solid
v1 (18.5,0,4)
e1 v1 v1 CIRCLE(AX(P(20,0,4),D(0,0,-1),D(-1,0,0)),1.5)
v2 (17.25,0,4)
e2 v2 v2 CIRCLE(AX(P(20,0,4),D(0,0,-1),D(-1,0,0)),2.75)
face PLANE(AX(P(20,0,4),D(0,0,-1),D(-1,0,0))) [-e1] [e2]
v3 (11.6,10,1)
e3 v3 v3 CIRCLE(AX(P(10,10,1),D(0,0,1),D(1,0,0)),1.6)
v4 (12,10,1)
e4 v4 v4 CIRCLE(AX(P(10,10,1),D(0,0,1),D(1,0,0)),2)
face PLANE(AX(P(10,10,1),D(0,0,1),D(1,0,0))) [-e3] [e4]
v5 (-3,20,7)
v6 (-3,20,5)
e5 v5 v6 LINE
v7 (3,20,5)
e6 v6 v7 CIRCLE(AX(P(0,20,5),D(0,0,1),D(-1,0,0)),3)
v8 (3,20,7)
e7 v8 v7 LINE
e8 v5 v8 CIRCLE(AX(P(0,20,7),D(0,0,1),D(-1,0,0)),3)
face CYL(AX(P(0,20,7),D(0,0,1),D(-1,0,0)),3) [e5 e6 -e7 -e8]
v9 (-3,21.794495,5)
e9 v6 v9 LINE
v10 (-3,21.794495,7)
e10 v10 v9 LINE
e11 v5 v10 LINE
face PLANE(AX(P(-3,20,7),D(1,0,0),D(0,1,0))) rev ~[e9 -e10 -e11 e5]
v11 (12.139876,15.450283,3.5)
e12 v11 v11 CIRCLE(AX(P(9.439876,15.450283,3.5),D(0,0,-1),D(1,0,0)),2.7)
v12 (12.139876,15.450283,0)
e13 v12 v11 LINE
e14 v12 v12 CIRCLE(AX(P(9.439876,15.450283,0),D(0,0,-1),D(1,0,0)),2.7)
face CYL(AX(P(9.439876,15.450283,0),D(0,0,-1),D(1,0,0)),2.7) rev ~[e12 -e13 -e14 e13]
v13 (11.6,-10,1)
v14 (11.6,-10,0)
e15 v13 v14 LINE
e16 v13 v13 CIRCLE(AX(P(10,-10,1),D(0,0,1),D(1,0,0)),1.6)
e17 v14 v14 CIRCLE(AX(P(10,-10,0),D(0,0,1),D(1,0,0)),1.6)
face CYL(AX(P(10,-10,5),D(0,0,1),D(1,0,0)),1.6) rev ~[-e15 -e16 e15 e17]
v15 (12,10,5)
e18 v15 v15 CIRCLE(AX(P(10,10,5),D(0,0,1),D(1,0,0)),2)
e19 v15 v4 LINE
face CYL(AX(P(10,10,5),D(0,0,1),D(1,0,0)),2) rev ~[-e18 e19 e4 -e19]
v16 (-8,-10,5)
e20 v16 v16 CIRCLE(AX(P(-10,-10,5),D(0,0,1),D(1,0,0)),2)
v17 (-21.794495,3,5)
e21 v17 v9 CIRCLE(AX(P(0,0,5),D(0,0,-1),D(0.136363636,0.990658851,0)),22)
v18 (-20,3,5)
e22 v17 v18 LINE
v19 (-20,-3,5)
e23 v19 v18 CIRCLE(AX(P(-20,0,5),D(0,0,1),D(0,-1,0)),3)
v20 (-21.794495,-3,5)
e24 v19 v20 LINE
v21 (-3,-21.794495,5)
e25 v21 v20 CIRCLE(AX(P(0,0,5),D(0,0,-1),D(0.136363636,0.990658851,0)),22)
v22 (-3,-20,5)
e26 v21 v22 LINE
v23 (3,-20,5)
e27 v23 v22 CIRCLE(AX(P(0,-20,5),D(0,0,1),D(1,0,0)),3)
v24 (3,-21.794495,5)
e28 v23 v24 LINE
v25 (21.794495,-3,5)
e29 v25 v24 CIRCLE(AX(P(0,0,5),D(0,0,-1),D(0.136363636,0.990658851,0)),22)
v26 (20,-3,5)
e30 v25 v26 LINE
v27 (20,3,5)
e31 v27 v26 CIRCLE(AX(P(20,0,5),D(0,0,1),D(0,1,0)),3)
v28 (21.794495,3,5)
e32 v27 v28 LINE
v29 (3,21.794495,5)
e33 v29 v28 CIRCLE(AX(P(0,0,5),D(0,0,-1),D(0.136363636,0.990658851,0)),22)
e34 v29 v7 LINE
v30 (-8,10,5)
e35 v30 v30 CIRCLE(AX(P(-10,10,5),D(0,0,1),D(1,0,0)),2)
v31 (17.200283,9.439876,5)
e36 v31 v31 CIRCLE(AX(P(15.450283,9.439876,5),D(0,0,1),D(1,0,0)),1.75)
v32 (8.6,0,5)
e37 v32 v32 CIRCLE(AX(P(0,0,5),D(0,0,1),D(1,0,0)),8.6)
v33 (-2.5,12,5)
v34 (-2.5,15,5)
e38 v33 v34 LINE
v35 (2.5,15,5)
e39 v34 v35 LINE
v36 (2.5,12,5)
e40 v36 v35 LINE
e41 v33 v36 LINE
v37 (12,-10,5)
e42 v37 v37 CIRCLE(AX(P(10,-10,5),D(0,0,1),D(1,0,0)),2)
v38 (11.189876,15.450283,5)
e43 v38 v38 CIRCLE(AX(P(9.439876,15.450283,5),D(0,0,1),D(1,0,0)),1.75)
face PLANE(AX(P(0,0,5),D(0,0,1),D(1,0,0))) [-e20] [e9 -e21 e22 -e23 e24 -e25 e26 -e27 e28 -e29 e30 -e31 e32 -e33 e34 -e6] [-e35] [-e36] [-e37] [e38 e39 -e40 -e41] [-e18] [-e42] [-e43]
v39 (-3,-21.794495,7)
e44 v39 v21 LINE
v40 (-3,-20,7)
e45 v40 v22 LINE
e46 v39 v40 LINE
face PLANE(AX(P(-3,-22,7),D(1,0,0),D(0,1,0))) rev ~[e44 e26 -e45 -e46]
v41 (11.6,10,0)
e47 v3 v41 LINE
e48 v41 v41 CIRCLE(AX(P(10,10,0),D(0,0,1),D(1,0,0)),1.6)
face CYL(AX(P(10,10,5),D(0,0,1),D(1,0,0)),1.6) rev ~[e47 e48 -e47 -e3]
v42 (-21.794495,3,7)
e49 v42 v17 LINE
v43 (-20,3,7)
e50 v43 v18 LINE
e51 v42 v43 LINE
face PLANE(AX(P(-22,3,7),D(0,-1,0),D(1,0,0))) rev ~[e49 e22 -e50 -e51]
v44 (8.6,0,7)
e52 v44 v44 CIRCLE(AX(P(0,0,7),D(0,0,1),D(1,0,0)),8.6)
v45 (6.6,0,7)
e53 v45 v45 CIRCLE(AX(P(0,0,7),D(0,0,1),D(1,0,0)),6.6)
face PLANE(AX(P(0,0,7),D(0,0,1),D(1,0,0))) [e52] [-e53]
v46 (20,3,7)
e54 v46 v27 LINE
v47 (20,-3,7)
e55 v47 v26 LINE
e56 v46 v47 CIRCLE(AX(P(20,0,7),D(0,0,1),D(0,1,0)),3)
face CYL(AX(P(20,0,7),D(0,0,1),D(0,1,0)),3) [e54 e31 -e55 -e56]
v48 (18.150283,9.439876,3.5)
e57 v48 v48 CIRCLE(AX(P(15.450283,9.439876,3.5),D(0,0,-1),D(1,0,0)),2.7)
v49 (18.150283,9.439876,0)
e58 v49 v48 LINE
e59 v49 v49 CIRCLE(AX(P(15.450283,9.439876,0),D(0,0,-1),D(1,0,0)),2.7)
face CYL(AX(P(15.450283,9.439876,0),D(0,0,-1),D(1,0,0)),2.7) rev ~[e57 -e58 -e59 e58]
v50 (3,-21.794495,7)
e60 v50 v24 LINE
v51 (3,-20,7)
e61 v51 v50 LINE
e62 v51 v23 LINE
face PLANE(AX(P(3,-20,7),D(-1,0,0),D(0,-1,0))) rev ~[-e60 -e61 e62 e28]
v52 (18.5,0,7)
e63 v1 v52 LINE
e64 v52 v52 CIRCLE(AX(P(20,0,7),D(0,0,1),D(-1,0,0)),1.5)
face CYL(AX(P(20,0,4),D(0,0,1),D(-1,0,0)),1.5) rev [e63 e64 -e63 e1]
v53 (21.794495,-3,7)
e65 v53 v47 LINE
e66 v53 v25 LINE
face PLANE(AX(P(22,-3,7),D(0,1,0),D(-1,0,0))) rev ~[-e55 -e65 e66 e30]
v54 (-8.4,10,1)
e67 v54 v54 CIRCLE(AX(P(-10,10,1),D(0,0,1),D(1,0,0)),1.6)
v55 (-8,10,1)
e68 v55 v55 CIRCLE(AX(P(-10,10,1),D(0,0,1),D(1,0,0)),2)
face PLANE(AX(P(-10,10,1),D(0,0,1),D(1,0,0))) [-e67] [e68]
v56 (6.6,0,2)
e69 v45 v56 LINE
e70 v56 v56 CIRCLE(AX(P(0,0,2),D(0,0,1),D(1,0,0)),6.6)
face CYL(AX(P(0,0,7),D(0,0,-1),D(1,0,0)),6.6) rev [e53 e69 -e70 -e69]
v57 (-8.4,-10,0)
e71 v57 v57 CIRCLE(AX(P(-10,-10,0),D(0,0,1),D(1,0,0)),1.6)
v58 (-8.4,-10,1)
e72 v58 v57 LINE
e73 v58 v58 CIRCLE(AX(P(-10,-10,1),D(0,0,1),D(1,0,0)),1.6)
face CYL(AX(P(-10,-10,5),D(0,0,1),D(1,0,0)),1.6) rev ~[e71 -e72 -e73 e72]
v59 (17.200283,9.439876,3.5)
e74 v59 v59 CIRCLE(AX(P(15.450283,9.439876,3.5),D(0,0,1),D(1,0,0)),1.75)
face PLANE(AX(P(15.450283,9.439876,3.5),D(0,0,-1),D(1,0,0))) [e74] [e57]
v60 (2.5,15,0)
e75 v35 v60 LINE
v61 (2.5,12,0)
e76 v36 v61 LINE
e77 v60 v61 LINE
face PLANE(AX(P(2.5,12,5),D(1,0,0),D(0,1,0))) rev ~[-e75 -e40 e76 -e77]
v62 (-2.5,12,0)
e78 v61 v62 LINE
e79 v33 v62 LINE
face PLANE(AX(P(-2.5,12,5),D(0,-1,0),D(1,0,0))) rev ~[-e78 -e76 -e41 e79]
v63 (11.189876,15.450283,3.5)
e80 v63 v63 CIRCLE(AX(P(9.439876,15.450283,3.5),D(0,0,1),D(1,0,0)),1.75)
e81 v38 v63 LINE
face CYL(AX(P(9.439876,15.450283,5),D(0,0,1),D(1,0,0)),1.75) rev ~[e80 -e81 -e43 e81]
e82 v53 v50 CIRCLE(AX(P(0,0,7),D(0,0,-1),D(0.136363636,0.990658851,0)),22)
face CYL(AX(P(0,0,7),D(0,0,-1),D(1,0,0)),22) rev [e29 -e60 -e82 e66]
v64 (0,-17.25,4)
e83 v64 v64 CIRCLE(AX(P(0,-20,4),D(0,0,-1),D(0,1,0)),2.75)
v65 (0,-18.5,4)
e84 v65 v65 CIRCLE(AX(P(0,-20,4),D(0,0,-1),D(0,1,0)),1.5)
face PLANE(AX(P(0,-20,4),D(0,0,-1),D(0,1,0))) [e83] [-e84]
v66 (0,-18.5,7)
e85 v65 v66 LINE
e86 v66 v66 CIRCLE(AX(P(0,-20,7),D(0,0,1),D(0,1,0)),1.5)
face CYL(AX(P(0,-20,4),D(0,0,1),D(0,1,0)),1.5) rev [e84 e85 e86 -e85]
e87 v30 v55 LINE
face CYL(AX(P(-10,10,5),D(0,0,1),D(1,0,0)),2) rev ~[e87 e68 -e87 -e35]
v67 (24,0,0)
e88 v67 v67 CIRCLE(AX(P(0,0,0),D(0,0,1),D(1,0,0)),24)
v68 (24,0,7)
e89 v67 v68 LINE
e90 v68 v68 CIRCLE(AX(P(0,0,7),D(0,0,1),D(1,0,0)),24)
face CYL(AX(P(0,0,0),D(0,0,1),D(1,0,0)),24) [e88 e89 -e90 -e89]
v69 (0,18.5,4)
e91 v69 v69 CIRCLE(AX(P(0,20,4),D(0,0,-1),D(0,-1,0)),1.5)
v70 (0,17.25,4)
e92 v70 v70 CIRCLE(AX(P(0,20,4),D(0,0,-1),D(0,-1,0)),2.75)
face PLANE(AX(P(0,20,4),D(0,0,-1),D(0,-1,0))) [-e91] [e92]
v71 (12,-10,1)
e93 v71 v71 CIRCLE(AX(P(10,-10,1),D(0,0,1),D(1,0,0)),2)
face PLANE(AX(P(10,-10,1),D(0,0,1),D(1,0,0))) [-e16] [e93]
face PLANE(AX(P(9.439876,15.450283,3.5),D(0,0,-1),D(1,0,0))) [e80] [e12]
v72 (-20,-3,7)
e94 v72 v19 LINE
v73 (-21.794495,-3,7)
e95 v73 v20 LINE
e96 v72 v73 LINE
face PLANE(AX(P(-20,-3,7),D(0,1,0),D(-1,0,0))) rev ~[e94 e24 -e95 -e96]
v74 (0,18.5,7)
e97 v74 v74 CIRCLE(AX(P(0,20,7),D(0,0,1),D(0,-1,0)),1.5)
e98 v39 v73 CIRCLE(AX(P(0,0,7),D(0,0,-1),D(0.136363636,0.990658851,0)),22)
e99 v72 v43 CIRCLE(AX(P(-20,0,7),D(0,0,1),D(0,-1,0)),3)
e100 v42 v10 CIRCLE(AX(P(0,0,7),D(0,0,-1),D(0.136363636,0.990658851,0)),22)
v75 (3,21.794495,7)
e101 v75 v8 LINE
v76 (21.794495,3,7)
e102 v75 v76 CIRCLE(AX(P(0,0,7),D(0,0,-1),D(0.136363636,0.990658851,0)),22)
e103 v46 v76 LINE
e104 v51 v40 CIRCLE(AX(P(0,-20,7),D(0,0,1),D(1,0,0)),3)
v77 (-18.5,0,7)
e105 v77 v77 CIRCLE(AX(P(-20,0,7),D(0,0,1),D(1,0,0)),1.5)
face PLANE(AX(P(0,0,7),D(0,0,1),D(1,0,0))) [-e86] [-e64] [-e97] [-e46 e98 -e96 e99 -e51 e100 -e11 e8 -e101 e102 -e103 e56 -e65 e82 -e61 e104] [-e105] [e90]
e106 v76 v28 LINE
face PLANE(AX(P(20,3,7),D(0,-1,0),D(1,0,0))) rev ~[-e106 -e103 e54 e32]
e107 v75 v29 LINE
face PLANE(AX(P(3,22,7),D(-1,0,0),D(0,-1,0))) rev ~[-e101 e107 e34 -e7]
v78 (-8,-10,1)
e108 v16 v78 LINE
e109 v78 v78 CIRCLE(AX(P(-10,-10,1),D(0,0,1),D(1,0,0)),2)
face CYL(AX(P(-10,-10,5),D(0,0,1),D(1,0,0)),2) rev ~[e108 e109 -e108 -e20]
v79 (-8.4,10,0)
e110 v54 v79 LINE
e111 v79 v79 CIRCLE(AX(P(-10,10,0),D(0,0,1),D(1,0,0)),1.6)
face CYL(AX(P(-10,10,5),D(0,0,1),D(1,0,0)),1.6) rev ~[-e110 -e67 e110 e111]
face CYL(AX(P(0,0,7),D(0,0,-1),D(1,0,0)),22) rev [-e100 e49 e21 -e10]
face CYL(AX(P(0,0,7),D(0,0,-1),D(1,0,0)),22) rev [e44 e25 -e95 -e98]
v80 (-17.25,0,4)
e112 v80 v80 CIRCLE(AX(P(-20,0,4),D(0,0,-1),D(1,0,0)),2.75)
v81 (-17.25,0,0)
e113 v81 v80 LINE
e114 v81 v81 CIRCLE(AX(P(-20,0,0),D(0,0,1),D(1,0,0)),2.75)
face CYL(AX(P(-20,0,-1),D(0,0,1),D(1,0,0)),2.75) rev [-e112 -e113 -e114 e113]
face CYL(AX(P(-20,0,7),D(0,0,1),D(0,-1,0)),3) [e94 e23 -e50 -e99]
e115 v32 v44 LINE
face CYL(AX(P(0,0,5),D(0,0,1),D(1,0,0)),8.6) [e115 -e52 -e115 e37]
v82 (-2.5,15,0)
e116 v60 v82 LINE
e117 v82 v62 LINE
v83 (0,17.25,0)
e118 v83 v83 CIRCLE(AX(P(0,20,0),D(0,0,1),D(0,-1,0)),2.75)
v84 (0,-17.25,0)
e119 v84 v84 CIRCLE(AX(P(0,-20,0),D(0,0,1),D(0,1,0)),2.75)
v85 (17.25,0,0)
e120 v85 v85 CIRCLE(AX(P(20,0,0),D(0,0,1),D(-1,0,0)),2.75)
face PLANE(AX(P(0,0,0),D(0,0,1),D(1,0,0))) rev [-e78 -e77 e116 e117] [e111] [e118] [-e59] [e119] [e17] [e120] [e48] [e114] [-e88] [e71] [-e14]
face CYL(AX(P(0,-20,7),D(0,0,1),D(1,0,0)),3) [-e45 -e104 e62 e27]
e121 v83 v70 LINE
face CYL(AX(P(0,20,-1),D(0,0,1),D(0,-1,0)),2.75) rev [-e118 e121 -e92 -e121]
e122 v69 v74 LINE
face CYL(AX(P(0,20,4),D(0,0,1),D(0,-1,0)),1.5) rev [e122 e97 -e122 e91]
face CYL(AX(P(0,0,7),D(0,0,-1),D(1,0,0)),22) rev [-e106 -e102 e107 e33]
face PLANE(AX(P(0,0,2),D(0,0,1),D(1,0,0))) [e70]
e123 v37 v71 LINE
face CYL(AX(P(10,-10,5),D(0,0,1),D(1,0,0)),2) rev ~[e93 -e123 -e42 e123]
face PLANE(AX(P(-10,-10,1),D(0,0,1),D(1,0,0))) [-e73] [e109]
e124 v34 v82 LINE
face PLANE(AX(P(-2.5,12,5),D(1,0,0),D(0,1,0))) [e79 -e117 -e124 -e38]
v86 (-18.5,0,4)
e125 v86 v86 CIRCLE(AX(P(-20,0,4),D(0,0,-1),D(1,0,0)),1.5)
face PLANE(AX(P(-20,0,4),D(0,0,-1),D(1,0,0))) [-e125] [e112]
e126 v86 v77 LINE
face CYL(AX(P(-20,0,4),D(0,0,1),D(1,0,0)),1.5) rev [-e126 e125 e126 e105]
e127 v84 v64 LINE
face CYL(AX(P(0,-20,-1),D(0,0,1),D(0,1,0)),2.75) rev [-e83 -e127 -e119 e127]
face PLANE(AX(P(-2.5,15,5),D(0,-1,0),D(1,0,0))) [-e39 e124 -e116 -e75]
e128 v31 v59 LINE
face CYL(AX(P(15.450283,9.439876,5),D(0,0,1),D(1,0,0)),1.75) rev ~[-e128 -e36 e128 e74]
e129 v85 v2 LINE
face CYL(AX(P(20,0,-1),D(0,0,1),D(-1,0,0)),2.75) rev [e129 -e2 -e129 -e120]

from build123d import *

# Parameters (mm, degrees)
REVOLVE_ONTO_SKETCH002_ROLL_ANGLE = 90
ARRAY_COUNT                       = 4
PAD_DEPTH                         = 2
POLARPATTERN_COUNT                = 4
SKETCH005_R                       = 1.6
POCKET_DEPTH                      = 5.001
SKETCH007_W                       = 5
SKETCH007_H                       = 3
POCKET001_DEPTH                   = 5.001
SKETCH008_R                       = 2
POCKET002_DEPTH                   = 4
SKETCH009_R                       = 1.75
POCKET003_DEPTH                   = 5.001
SKETCH010_R                       = 2.7
POCKET004_DEPTH                   = 3.5


with BuildPart() as array:
    # Sketch002 as drawn → Revolve (revolve)
    with BuildSketch(Plane.XY):
        Polygon((17.25, -1), (17.25, 4), (18.5, 4), (18.5, 8), (20, 8), (20, -1), align=None)
    revolve(axis=Axis((20, 8, 0), (0, -1, 0)))


with BuildPart() as array_1:
    # Revolve onto Sketch002 roll: moved
    add(array.part.rotate(Axis((0, 0, 0), (1, 0, 0)), REVOLVE_ONTO_SKETCH002_ROLL_ANGLE))


with BuildPart() as array_2:
    # Revolve onto Sketch002 placement: moved
    add(array_1.part)

    # Array: Array ×4 about axis
    array_axis = Axis((0, 0, 0), (0, 0, 1))


with BuildPart() as array_3:
    add(array_2.part)
    for i in range(1, ARRAY_COUNT):
        add(array_2.part.rotate(array_axis, i * 360 / ARRAY_COUNT))


with BuildPart() as pocket004:
    # Sketch → Revolution (revolve)
    with BuildSketch(Plane.XZ):
        Polygon((0, 0), (24, 0), (24, 7), (22, 7), (22, 5), (8.6, 5), (8.6, 7), (6.6, 7), (6.6, 2), (0, 2), align=None)
    revolve(axis=Axis((0, 0, 0), (0, 0, 1)))

    # Sketch004 → Pad (new body)
    with BuildSketch(Plane(origin=(0, 0, 7), x_dir=(-1, 0, 0), z_dir=(0, 0, 1))):
        with BuildLine():
            Line((3, -22), (-3, -22))
            Line((-3, -22), (-3, -20))
            ThreePointArc((3, -20), (0, -17), (-3, -20))
            Line((3, -20), (3, -22))
        make_face()
    pad = extrude(amount=-PAD_DEPTH)

    # PolarPattern: Pad ×4 about axis
    polarpattern_axis = Axis((0, 0, 7), (0, 0, 1))
    for i in range(1, POLARPATTERN_COUNT):
        add(pad.rotate(polarpattern_axis, i * 360 / POLARPATTERN_COUNT))

    # Cut: cut Array
    add(array_3.part, mode=Mode.SUBTRACT)

    # Sketch005 → Pocket (cut, through all)
    with BuildSketch(Plane.XY.offset(5)):
        with Locations((-10, 10)):
            Circle(SKETCH005_R)
        with Locations((10, 10)):
            Circle(SKETCH005_R)
        with Locations((10, -10)):
            Circle(SKETCH005_R)
        with Locations((-10, -10)):
            Circle(SKETCH005_R)
    extrude(amount=-POCKET_DEPTH, mode=Mode.SUBTRACT)

    # Sketch007 → Pocket001 (cut, through all)
    with BuildSketch(Plane.XY.offset(5)):
        with Locations((0, 13.5)):
            Rectangle(SKETCH007_W, SKETCH007_H)
    extrude(amount=-POCKET001_DEPTH, mode=Mode.SUBTRACT)

    # Sketch008 → Pocket002 (cut)
    with BuildSketch(Plane.XY.offset(5)):
        with Locations((-10, 10)):
            Circle(SKETCH008_R)
        with Locations((10, 10)):
            Circle(SKETCH008_R)
        with Locations((10, -10)):
            Circle(SKETCH008_R)
        with Locations((-10, -10)):
            Circle(SKETCH008_R)
    extrude(amount=-POCKET002_DEPTH, mode=Mode.SUBTRACT)

    # Sketch009 → Pocket003 (cut, through all)
    with BuildSketch(Plane.XY.offset(5)):
        with Locations((9.439876, 15.450283)):
            Circle(SKETCH009_R)
        with Locations((15.450283, 9.439876)):
            Circle(SKETCH009_R)
    extrude(amount=-POCKET003_DEPTH, mode=Mode.SUBTRACT)

    # Sketch010 → Pocket004 (cut)
    with BuildSketch(Plane(origin=(0, 0, 0), x_dir=(1, 0, 0), z_dir=(0, 0, -1))):
        with Locations((15.450283, -9.439876)):
            Circle(SKETCH010_R)
        with Locations((9.439876, -15.450283)):
            Circle(SKETCH010_R)
    extrude(amount=-POCKET004_DEPTH, mode=Mode.SUBTRACT)


solid = pocket004.part
